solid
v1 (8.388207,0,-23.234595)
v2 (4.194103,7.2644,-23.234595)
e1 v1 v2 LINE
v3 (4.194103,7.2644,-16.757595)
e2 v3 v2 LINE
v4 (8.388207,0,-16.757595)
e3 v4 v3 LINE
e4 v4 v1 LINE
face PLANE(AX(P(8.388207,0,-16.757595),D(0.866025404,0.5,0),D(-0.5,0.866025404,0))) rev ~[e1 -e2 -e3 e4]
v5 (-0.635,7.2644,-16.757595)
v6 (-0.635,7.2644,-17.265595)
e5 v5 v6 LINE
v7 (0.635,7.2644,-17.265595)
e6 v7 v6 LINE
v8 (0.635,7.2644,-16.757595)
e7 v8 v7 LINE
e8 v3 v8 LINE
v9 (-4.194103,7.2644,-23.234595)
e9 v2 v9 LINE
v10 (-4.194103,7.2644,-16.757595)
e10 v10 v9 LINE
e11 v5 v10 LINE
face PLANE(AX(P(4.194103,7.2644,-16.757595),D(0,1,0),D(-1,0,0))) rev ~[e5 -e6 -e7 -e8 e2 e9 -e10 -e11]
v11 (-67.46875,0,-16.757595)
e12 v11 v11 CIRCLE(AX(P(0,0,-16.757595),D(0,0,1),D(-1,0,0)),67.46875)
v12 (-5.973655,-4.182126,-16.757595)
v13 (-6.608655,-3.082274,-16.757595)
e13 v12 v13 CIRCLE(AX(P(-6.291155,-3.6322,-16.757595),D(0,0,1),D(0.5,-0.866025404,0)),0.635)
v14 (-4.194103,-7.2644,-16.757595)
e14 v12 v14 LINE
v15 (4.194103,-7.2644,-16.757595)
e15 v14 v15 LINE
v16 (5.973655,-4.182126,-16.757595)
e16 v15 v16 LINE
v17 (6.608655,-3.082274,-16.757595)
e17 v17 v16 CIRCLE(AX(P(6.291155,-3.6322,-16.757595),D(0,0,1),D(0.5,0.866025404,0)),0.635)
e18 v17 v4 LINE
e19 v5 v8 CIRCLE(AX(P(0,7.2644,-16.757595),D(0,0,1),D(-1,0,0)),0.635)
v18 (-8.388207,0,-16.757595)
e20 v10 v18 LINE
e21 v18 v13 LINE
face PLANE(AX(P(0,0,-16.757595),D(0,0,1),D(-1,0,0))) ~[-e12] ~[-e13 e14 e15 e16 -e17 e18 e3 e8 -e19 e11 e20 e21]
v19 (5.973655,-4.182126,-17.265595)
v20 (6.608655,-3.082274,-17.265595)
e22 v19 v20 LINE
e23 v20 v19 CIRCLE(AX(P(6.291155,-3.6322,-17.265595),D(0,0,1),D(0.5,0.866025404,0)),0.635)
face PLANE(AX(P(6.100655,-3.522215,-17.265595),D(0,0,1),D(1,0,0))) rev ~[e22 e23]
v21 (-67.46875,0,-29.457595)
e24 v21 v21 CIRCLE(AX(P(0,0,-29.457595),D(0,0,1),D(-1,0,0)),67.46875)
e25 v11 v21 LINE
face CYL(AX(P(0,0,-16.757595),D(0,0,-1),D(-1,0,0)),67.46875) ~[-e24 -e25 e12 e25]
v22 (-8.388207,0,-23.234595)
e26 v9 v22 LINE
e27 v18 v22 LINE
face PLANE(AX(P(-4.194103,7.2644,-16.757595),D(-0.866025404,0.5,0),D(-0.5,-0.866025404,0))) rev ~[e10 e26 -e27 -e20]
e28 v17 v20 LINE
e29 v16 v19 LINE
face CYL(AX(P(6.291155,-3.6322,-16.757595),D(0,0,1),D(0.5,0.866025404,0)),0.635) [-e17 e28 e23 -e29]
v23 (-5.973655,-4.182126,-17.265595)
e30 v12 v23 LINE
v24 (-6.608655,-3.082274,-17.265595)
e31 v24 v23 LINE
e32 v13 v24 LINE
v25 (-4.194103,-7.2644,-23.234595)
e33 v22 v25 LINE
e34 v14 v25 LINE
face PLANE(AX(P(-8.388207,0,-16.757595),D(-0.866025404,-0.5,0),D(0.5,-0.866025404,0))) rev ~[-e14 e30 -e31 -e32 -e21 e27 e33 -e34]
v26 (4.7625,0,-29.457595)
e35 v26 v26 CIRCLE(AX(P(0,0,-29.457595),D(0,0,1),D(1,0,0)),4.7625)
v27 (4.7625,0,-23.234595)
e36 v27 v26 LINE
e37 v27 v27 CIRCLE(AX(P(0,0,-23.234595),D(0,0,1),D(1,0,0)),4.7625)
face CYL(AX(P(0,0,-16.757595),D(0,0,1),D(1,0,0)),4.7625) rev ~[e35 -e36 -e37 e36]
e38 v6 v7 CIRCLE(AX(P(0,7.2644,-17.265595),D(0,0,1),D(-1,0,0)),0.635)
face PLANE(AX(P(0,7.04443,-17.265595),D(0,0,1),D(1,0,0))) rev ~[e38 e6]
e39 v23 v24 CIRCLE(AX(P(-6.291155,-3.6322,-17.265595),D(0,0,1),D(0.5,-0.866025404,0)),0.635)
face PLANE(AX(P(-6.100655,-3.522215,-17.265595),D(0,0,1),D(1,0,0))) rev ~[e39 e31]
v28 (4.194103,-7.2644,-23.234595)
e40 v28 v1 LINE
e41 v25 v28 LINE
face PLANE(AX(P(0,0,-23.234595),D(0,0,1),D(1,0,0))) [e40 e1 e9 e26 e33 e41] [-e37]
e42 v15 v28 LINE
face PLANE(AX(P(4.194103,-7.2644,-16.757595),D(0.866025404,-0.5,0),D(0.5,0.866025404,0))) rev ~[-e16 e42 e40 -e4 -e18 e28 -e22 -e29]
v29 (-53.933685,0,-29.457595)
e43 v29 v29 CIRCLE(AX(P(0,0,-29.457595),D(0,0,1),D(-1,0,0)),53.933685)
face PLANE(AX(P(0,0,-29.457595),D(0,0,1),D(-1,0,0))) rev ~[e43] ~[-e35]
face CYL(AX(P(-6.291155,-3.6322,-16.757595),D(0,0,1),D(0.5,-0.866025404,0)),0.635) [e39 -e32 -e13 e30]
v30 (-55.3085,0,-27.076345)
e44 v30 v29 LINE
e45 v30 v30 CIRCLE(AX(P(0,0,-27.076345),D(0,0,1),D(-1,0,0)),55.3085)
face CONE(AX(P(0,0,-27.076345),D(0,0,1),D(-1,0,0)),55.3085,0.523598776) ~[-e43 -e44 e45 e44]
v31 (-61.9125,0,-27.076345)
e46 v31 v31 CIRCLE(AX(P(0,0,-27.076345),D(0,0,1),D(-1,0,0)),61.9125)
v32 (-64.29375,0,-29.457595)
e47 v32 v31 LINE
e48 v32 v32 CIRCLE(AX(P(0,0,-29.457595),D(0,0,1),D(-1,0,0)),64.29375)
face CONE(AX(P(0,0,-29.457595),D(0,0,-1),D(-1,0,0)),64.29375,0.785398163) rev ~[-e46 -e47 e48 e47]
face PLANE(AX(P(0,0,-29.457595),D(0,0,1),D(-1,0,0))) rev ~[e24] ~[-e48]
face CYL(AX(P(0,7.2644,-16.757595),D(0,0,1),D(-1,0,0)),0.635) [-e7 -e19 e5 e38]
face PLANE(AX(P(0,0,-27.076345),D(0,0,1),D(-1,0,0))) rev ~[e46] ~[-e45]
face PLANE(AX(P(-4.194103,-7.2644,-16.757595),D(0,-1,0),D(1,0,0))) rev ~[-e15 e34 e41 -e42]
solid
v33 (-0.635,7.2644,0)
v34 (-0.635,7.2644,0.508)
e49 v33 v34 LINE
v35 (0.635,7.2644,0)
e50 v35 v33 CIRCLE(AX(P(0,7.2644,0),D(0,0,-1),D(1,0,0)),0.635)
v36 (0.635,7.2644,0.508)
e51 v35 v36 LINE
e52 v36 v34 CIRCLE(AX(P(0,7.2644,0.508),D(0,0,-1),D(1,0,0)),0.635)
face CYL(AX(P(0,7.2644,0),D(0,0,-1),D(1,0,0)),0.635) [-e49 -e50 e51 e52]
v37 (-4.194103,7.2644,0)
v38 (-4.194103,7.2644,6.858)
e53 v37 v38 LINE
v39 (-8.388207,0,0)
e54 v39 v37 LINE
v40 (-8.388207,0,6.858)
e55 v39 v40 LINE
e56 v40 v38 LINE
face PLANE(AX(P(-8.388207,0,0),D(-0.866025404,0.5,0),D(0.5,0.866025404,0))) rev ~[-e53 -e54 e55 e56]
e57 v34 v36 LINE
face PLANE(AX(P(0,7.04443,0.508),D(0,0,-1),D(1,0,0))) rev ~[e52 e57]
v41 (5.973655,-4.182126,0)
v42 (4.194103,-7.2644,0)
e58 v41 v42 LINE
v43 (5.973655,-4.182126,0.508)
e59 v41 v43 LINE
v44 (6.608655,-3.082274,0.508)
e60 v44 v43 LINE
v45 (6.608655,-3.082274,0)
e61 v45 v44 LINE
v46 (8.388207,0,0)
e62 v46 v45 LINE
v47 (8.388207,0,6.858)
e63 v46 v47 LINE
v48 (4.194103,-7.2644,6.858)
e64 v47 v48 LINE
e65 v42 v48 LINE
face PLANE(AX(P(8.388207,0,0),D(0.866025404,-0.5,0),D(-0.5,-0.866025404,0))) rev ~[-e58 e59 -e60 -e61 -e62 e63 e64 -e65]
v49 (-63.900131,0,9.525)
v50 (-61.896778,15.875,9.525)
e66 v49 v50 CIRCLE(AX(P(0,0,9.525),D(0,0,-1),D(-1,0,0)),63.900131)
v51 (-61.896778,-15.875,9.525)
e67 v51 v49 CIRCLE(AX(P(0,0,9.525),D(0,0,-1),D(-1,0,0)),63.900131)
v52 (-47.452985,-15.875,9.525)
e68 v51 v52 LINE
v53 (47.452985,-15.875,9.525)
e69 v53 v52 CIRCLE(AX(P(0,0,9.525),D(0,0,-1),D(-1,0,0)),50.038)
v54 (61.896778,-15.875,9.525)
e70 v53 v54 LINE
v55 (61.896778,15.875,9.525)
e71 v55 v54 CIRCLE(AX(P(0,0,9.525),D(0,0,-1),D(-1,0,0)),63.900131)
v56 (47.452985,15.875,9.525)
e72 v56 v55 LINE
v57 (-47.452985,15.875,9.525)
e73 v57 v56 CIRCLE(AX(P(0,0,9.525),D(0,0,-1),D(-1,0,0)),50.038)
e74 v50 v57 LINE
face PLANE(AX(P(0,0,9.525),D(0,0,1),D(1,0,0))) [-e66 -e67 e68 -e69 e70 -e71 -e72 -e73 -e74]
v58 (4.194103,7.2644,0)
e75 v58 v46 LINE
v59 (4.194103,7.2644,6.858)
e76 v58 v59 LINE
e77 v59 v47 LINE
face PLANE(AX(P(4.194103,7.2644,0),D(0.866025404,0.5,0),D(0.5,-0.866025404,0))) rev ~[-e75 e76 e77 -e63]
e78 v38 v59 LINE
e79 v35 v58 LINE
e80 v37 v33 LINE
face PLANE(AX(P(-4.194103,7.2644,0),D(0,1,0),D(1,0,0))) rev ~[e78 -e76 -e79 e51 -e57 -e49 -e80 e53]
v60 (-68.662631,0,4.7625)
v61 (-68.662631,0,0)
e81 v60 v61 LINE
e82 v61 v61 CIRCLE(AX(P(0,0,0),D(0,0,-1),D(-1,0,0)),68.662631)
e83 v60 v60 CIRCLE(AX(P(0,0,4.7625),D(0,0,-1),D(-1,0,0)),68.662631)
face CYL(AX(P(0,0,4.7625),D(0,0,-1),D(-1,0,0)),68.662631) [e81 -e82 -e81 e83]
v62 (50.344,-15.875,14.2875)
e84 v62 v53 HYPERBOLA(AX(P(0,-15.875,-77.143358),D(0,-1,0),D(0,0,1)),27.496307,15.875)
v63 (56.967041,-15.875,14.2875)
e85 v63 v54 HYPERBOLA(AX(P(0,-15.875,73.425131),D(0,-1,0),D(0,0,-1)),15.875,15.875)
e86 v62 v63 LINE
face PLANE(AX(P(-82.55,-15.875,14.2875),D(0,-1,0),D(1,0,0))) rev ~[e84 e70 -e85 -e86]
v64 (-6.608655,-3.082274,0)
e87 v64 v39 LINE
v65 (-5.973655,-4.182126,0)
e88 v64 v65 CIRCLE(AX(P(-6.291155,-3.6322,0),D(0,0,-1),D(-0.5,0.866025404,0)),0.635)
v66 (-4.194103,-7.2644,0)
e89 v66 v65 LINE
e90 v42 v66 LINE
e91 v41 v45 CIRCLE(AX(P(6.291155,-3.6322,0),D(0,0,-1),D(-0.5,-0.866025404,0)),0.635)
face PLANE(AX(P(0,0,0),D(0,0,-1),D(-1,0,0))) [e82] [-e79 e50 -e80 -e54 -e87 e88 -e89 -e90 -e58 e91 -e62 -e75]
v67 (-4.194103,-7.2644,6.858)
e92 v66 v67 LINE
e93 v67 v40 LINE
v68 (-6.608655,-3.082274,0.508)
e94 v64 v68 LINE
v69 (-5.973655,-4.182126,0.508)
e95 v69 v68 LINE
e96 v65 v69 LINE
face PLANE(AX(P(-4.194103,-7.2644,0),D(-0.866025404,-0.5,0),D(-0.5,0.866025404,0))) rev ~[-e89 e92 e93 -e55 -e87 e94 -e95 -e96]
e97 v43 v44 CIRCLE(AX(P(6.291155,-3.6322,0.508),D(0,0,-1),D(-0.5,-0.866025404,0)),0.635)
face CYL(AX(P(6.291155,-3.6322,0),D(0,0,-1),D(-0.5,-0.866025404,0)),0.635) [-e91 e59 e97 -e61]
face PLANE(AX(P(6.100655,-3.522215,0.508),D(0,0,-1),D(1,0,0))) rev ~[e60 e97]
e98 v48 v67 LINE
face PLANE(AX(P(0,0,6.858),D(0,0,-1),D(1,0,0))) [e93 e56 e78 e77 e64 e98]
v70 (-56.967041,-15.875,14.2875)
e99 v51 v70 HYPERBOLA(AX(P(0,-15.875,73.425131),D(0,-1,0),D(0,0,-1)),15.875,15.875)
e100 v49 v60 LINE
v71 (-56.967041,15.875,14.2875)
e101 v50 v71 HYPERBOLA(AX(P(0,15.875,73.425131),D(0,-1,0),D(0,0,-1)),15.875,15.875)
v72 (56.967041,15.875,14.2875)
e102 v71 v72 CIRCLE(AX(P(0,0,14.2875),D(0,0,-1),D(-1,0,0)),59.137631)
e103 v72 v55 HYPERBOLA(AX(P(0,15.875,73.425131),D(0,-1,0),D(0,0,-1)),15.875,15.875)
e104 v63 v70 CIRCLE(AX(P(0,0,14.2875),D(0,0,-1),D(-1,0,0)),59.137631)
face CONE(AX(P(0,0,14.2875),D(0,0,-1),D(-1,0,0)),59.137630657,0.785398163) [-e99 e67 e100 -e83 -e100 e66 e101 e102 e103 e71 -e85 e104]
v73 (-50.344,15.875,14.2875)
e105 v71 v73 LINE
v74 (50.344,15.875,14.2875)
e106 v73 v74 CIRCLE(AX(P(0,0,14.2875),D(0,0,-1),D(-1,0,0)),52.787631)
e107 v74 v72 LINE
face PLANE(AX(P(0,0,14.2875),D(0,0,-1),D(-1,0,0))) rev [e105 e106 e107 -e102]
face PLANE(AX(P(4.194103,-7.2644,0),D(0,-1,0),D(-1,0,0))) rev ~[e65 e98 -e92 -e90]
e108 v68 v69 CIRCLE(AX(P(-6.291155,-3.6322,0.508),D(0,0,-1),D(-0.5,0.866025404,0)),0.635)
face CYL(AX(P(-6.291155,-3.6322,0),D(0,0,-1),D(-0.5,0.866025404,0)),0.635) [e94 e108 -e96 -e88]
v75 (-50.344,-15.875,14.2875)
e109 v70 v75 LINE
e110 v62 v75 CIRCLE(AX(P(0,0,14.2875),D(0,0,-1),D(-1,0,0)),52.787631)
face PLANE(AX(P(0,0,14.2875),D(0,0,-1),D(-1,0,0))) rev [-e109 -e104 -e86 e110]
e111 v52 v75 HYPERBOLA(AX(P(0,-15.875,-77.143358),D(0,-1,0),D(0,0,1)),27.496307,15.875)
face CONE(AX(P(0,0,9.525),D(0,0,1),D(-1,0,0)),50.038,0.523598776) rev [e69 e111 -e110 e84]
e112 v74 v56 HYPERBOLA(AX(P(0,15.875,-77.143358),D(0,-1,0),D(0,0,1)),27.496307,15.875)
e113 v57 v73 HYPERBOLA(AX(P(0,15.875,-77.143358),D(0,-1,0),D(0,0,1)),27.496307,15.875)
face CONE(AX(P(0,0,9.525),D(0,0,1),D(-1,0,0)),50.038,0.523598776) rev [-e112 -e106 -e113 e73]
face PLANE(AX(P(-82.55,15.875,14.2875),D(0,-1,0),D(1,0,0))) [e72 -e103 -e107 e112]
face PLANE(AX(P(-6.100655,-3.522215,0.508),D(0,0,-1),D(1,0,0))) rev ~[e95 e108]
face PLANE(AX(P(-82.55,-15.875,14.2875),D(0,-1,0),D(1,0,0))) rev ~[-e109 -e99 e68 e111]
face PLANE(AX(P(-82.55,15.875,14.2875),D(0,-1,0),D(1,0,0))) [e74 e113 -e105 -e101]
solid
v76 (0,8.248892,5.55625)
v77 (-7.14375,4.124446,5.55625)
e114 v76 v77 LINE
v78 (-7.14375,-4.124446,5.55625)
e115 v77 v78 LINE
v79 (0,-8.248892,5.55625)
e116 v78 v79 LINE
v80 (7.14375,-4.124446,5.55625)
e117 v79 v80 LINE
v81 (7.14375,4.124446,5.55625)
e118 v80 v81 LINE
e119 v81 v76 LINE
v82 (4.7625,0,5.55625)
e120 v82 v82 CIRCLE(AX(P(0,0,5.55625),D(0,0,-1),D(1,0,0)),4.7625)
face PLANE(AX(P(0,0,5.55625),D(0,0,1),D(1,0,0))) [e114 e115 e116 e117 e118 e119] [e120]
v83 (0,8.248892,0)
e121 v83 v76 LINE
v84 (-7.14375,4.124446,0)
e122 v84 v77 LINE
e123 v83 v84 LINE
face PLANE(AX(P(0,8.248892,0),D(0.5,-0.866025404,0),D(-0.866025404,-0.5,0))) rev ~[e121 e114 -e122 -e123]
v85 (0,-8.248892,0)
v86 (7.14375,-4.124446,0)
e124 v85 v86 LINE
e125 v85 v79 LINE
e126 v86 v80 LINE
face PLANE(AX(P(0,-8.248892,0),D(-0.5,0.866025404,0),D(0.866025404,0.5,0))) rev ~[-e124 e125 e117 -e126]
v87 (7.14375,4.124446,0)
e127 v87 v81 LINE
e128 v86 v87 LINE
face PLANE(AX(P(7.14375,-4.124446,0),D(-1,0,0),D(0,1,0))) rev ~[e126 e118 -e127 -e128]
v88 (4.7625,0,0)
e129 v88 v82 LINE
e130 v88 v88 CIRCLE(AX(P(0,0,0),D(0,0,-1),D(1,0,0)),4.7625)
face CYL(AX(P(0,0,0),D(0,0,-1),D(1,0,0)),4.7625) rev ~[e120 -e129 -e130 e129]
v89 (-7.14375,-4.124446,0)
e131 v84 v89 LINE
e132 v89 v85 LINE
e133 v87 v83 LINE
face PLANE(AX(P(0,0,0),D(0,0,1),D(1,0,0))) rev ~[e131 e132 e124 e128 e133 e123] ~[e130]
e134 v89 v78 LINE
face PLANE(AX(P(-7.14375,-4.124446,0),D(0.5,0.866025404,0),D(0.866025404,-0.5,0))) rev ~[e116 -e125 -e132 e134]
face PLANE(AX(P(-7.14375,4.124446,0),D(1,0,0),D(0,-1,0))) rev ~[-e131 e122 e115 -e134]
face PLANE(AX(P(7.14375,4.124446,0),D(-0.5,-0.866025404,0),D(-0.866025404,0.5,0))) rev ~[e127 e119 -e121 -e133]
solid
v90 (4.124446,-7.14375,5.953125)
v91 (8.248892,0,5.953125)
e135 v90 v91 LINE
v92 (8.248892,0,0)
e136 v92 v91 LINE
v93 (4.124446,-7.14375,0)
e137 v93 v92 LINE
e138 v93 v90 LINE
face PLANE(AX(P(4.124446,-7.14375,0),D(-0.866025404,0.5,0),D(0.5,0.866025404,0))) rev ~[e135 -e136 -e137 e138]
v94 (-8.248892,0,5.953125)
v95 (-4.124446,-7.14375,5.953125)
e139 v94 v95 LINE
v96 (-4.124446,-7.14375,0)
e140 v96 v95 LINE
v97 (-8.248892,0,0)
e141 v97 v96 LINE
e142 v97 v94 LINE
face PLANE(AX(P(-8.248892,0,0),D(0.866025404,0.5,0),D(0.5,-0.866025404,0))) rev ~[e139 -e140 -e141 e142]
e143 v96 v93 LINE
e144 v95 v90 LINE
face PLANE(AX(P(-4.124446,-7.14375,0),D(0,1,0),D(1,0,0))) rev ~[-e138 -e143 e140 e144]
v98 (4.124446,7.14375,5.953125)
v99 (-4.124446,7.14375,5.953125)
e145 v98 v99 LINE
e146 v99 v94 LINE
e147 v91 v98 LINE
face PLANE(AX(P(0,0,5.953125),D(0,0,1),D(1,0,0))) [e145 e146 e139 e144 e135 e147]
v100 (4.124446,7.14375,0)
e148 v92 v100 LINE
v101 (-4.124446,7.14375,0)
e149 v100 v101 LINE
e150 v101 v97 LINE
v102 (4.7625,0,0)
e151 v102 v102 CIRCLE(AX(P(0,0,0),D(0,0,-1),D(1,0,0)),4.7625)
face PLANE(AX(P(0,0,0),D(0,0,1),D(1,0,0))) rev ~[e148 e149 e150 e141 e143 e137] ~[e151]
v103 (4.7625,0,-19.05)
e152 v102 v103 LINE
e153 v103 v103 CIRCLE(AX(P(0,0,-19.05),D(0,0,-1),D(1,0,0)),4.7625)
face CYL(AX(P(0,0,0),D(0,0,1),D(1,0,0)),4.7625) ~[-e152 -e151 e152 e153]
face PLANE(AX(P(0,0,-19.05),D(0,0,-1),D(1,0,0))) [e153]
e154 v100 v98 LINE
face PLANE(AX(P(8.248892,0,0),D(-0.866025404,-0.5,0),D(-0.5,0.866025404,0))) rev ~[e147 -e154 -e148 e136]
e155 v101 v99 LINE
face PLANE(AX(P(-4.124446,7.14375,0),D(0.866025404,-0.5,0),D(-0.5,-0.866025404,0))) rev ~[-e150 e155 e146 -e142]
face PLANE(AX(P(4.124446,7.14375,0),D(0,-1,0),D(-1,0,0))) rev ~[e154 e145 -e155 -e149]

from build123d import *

# Parameters (mm, degrees)
F5_DEPTH  = 6.858
F7_DEPTH  = 6.477
F8_R      = 4.7625
F9_DEPTH  = 12.701
F10_W     = 165.1
F10_H     = 31.75
F11_DEPTH = 4.7625
F13_DEPTH = 0.508
F15_DEPTH = 0.508
F17_DEPTH = 5.953125
F18_R     = 4.7625
F19_DEPTH = 19.05
F21_DEPTH = 5.55625
F22_R     = 4.7625
F23_DEPTH = 14.2885


with BuildPart() as f1:
    # F0 (on Front) → F1 (revolve)
    with BuildSketch(Plane.XZ):
        Polygon((-59.137630657, 14.2875), (-68.662630657, 4.7625), (-68.662630657, 0), (0, 0), (0, 9.525), (-50.038, 9.525), (-52.787630657, 14.2875), align=None)
    revolve(axis=Axis((0, 0, 4.7625), (0, 0, -1)))

    # F4 (on face) → F5 (cut)
    with BuildSketch(Plane(origin=(0, 0, 0), x_dir=(1, 0, 0), z_dir=(0, 0, -1))):
        Polygon((-4.1941032955, -7.2644), (4.1941032955, -7.2644), (8.388206591, 0), (4.1941032955, 7.2644), (-4.1941032955, 7.2644), (-8.388206591, 0), align=None)
    extrude(amount=-F5_DEPTH, mode=Mode.SUBTRACT)

    # F10 (on face) → F11 (cut)
    with BuildSketch(Plane.XY.offset(14.2875)):
        Rectangle(F10_W, F10_H)
    extrude(amount=-F11_DEPTH, mode=Mode.SUBTRACT)

    # F12 (on face) → F13 (join)
    with BuildSketch(Plane(origin=(0, 0, 0), x_dir=(1, 0, 0), z_dir=(0, 0, -1))):
        with BuildLine():
            Line((-5.9736549433, 4.1821261314), (-6.6086549433, 3.0822738686))
            ThreePointArc((-6.6086549433, 3.0822738686), (-5.7412288118, 3.3147), (-5.9736549433, 4.1821261314))
        make_face()
        with BuildLine():
            Line((-0.635, -7.2644), (0.635, -7.2644))
            ThreePointArc((0.635, -7.2644), (0, -6.6294), (-0.635, -7.2644))
        make_face()
        with BuildLine():
            Line((6.6086549433, 3.0822738686), (5.9736549433, 4.1821261314))
            ThreePointArc((5.9736549433, 4.1821261314), (5.7412288118, 3.3147), (6.6086549433, 3.0822738686))
        make_face()
    extrude(amount=-F13_DEPTH)


with BuildPart() as f3:
    # F2 (on Front) → F3 (revolve)
    with BuildSketch(Plane.XZ):
        Polygon((0, -29.4575945771), (0, -16.7575945771), (-67.46875, -16.7575945771), (-67.46875, -29.4575945771), (-64.29375, -29.4575945771), (-61.9125, -27.0763445771), (-55.3085, -27.0763445771), (-53.9336846715, -29.4575945771), align=None)
    revolve(axis=Axis((0, 0, -23.1075945771), (0, 0, 1)))

    # F6 (on face) → F7 (cut)
    with BuildSketch(Plane.XY.offset(-16.7575945771)):
        Polygon((-4.1941032955, -7.2644), (4.1941032955, -7.2644), (8.388206591, 0), (4.1941032955, 7.2644), (-4.1941032955, 7.2644), (-8.388206591, 0), align=None)
    extrude(amount=-F7_DEPTH, mode=Mode.SUBTRACT)

    # F8 (on face) → F9 (cut, through all)
    with BuildSketch(Plane.XY.offset(-16.7575945771)):
        Circle(F8_R)
    extrude(amount=-F9_DEPTH, mode=Mode.SUBTRACT)

    # F14 (on face) → F15 (join)
    with BuildSketch(Plane.XY.offset(-16.7575945771)):
        with BuildLine():
            Line((-6.6086549433, -3.0822738686), (-5.9736549433, -4.1821261314))
            ThreePointArc((-5.9736549433, -4.1821261314), (-5.7412288118, -3.3147), (-6.6086549433, -3.0822738686))
        make_face()
        with BuildLine():
            Line((5.9736549433, -4.1821261314), (6.6086549433, -3.0822738686))
            ThreePointArc((6.6086549433, -3.0822738686), (5.7412288118, -3.3147), (5.9736549433, -4.1821261314))
        make_face()
        with BuildLine():
            Line((0.635, 7.2644), (-0.635, 7.2644))
            ThreePointArc((-0.635, 7.2644), (0, 6.6294), (0.635, 7.2644))
        make_face()
    extrude(amount=-F15_DEPTH)


with BuildPart() as f17:
    # F16 (on Top) → F17 (new body)
    with BuildSketch(Plane.XY):
        Polygon((-4.1244459855, -7.14375), (4.1244459855, -7.14375), (8.248891971, 0), (4.1244459855, 7.14375), (-4.1244459855, 7.14375), (-8.248891971, 0), align=None)
    extrude(amount=F17_DEPTH)

    # F18 (on face) → F19 (join)
    with BuildSketch(Plane(origin=(0, 0, 0), x_dir=(1, 0, 0), z_dir=(0, 0, -1))):
        Circle(F18_R)
    extrude(amount=F19_DEPTH)


with BuildPart() as f21:
    # F20 (on Top) → F21 (new body)
    with BuildSketch(Plane.XY):
        Polygon((7.14375, -4.1244459855), (7.14375, 4.1244459855), (0, 8.248891971), (-7.14375, 4.1244459855), (-7.14375, -4.1244459855), (0, -8.248891971), align=None)
    extrude(amount=F21_DEPTH)

    # F22 (on face) → F23 (cut, through all)
    with BuildSketch(Plane(origin=(0, 0, 0), x_dir=(1, 0, 0), z_dir=(0, 0, -1))):
        Circle(F22_R)
    extrude(amount=-F23_DEPTH, mode=Mode.SUBTRACT)


solid = Compound([f1.part, f3.part, f17.part, f21.part])
